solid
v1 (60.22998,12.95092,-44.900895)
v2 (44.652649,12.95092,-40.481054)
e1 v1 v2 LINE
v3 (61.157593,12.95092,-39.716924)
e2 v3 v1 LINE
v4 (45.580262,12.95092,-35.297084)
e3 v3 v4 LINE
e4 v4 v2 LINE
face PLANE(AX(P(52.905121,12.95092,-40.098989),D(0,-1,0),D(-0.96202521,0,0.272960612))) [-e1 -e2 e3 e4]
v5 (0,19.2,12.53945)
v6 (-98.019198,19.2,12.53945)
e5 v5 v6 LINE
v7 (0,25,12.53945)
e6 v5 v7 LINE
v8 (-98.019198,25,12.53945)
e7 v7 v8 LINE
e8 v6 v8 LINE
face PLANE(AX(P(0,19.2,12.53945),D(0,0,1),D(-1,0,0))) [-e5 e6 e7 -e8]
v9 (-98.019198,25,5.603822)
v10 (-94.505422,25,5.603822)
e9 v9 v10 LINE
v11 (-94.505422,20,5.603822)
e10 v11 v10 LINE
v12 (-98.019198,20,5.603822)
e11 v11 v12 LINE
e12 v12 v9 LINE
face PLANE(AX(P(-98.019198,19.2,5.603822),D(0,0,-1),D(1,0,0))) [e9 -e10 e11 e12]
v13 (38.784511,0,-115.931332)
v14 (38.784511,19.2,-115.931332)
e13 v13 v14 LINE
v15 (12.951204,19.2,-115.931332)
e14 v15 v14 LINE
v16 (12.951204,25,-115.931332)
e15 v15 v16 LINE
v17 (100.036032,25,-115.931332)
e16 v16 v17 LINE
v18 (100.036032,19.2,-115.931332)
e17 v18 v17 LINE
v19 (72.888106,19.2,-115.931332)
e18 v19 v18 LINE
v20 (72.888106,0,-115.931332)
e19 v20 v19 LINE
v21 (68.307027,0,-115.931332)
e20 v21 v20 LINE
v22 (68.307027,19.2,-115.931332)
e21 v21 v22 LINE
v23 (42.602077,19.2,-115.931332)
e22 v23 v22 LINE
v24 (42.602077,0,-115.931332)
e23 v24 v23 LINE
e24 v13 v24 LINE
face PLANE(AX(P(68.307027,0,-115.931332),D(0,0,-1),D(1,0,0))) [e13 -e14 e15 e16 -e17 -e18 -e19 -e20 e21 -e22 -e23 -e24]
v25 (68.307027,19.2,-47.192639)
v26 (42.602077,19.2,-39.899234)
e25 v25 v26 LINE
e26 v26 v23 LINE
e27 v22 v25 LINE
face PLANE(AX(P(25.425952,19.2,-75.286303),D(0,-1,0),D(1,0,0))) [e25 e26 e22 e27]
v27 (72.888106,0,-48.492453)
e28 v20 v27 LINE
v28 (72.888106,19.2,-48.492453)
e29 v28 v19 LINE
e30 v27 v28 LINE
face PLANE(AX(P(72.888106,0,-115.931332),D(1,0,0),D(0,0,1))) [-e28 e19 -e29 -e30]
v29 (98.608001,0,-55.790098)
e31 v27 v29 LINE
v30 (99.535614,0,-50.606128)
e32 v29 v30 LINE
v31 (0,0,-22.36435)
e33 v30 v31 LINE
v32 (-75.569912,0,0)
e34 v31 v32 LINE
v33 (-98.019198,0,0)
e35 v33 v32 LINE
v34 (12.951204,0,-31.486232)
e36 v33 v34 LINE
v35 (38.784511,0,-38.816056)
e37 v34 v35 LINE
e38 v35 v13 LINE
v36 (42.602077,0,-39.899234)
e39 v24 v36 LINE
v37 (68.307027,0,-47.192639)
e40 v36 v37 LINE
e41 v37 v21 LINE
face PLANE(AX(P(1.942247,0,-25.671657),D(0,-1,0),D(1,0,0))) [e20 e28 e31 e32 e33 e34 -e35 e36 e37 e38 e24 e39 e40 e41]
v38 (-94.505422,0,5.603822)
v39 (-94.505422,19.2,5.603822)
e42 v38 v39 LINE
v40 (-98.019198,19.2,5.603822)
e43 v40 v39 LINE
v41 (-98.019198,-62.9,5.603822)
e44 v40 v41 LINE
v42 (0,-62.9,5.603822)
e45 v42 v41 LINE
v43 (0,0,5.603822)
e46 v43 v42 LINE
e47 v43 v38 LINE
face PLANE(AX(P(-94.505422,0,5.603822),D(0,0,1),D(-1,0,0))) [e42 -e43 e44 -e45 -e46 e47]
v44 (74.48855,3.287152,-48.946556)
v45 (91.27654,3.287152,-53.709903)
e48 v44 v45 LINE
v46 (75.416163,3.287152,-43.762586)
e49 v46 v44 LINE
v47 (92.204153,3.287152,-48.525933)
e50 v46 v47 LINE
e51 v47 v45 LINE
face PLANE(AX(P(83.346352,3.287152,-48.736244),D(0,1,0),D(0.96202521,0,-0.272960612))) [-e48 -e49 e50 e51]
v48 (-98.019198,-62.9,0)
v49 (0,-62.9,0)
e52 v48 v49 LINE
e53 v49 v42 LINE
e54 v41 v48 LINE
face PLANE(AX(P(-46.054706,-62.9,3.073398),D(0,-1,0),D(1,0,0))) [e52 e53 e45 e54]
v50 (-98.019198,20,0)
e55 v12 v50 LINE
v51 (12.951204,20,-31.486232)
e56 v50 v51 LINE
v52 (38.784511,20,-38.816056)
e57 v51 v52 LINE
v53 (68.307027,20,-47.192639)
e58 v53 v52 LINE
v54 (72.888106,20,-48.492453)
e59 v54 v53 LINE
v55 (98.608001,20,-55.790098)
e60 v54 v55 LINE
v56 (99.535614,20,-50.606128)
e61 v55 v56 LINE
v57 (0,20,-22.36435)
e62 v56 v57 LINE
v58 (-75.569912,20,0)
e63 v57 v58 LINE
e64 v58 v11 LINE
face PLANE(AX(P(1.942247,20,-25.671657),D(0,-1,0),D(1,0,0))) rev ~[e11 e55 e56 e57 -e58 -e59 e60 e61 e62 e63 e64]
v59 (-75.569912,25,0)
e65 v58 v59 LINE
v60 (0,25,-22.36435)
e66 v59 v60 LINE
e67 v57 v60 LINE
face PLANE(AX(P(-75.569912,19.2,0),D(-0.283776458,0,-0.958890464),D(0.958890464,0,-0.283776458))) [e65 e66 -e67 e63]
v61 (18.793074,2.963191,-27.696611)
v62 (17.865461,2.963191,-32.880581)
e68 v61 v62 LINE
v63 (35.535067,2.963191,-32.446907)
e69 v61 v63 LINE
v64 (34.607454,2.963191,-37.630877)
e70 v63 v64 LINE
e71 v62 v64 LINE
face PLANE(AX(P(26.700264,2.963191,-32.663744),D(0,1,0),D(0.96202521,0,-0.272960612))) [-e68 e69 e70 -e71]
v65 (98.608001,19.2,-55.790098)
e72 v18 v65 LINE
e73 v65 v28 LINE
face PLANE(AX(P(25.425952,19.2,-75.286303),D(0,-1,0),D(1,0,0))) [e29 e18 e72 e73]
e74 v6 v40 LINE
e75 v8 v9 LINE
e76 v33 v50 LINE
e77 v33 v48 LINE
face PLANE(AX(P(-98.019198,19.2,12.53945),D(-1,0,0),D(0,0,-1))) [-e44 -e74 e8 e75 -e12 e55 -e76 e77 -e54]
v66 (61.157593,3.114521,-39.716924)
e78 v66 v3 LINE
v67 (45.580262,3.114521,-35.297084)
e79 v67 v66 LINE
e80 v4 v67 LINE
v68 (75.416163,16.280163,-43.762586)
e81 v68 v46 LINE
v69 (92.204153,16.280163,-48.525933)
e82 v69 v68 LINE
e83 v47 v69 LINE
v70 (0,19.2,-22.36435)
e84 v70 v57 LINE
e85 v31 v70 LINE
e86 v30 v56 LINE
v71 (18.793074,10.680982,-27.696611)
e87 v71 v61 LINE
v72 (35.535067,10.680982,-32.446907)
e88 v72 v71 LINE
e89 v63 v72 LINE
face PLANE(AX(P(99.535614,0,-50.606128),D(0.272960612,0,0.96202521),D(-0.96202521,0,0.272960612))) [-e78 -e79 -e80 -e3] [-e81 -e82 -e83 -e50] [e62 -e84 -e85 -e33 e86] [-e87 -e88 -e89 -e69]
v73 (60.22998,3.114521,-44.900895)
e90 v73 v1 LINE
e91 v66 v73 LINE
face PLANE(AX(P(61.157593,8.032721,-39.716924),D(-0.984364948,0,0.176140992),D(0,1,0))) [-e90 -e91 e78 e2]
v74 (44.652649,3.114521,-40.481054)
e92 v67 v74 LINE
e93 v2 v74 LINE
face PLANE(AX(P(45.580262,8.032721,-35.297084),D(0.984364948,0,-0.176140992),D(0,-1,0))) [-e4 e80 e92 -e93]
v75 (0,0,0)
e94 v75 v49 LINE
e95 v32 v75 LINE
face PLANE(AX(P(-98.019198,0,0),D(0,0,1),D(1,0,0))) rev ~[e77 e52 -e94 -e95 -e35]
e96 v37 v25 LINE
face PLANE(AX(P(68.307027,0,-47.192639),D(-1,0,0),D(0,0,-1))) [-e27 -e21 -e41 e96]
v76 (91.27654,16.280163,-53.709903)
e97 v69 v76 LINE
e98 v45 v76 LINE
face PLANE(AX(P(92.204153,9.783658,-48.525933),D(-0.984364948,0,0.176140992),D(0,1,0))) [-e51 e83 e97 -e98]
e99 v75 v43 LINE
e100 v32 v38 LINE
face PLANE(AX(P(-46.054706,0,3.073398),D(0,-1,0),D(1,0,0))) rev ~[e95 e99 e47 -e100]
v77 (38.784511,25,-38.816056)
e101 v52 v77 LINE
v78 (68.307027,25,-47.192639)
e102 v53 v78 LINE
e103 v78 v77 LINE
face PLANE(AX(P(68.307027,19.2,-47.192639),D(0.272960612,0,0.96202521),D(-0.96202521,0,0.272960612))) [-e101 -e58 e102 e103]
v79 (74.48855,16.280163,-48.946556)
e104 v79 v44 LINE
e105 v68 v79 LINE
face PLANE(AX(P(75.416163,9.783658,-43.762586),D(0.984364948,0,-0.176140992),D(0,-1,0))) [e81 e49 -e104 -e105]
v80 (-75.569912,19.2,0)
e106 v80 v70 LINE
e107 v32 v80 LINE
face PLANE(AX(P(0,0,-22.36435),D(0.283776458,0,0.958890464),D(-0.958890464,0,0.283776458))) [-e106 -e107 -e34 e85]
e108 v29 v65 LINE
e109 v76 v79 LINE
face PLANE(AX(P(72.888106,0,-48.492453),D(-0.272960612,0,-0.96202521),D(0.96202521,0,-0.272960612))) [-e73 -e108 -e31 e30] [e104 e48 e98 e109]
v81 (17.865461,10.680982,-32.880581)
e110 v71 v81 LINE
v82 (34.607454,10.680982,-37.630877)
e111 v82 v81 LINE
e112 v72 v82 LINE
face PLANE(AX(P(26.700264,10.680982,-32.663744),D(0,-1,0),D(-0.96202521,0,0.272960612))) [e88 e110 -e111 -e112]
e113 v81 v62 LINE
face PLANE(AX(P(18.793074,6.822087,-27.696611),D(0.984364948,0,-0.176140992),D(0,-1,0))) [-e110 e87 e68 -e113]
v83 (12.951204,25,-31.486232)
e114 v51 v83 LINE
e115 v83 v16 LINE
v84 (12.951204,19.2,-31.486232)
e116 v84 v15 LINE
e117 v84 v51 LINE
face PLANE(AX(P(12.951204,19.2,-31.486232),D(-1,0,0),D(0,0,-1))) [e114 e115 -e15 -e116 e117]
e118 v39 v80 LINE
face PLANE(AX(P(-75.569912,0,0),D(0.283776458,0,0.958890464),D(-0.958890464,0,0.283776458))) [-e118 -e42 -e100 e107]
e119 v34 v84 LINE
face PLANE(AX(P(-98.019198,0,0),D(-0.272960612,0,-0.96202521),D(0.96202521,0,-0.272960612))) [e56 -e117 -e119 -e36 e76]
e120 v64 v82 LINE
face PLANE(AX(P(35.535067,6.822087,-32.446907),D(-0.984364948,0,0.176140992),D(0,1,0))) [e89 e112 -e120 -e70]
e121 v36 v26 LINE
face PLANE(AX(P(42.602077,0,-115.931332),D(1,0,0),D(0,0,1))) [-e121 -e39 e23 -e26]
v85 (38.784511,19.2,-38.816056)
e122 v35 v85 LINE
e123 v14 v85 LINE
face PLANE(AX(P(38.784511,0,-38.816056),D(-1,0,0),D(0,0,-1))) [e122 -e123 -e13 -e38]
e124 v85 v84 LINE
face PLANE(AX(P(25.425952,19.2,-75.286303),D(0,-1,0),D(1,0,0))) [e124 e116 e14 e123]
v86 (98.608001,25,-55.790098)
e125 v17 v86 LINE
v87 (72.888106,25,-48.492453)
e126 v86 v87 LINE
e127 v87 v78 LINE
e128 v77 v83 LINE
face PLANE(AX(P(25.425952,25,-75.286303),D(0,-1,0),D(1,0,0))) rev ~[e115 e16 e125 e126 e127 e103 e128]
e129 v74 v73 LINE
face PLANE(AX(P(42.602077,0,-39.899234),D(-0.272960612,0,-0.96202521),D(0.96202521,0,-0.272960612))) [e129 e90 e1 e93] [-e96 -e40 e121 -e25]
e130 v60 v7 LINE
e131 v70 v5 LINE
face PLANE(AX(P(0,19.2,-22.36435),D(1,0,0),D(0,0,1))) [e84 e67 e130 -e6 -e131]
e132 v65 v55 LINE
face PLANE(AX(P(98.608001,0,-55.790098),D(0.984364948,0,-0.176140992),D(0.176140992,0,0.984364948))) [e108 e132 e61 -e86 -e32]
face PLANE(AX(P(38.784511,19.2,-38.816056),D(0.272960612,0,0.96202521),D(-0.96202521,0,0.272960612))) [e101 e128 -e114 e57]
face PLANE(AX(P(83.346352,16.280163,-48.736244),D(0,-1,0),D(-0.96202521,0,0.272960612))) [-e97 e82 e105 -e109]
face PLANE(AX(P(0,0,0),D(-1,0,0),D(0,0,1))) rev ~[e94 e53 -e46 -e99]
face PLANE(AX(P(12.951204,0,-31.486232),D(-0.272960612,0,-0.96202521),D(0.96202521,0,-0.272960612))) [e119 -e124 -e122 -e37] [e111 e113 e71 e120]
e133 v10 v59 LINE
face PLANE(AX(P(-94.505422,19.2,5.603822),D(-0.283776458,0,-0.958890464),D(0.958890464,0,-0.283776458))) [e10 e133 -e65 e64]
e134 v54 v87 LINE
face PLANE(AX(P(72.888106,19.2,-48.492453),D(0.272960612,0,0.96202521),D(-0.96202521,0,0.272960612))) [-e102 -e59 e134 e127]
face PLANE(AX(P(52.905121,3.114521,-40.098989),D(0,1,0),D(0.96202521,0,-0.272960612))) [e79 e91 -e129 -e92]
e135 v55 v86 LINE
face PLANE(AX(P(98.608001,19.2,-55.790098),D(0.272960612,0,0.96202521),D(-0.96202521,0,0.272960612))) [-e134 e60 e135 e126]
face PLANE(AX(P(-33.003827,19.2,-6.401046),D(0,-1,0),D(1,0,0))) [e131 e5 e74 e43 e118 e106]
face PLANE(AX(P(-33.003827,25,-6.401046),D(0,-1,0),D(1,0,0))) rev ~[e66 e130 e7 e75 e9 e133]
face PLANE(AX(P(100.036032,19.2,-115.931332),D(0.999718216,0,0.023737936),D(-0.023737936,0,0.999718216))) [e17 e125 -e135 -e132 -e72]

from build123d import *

# Parameters (mm, degrees)
F1_DEPTH = 62.9
F2_DEPTH = 20
F3_START = -19.2
F3_DEPTH = 5.8
F4_W     = 17.40286313
F4_H     = 7.7177907806
F4_W_2   = 16.192227602
F4_H_2   = 9.8363999277
F4_W_3   = 17.4506753683
F4_H_3   = 12.9930109251


with BuildPart() as f1:
    # F0 (on Front) → F1 (new body)
    with BuildSketch(Plane.XZ):
        Polygon((-75.5699121067, 0), (0, 0), (0, 5.6038224138), (-94.5054218173, 5.6038224138), align=None)
        Polygon((-98.0191975832, 0), (-75.5699121067, 0), (-94.5054218173, 5.6038224138), (-98.0191975832, 5.6038224138), align=None)
    extrude(amount=F1_DEPTH)

    # F0 (on Front) → F2 (join)
    with BuildSketch(Plane.XZ):
        Polygon((0, -22.3643500358), (-75.5699121067, 0), (-98.0191975832, 0), (12.9512035679, -31.4862316811), (38.7845113873, -38.8160557302), (42.6020771265, -39.8992342902), (68.3070272207, -47.1926387081), (72.8881061077, -48.4924529801), (98.6080013494, -55.7900978655), (99.5356142521, -50.6061278284), align=None)
        Polygon((-98.0191975832, 0), (-75.5699121067, 0), (-94.5054218173, 5.6038224138), (-98.0191975832, 5.6038224138), align=None)
        Polygon((72.8881061077, -115.9313321114), (72.8881061077, -48.4924529801), (68.3070272207, -47.1926387081), (68.3070272207, -115.9313321114), align=None)
        Polygon((42.6020771265, -39.8992342902), (38.7845113873, -38.8160557302), (38.7845113873, -115.9313321114), (42.6020771265, -115.9313321114), align=None)
    extrude(amount=-F2_DEPTH)

    # F0 (on Front) → F3 (join)
    with BuildSketch(Plane.XZ.offset(F3_START)):
        Polygon((0, -22.3643500358), (0, 0), (-75.5699121067, 0), align=None)
        Polygon((-75.5699121067, 0), (0, 0), (0, 5.6038224138), (-94.5054218173, 5.6038224138), align=None)
        Polygon((-94.5054218173, 5.6038224138), (0, 5.6038224138), (0, 12.5394500792), (-98.0191975832, 12.5394500792), (-98.0191975832, 5.6038224138), align=None)
        Polygon((38.7845113873, -38.8160557302), (12.9512035679, -31.4862316811), (12.9512035679, -115.9313321114), (38.7845113873, -115.9313321114), align=None)
        Polygon((68.3070272207, -47.1926387081), (42.6020771265, -39.8992342902), (42.6020771265, -115.9313321114), (68.3070272207, -115.9313321114), align=None)
        Polygon((100.0360324979, -115.9313321114), (98.6080013494, -55.7900978655), (72.8881061077, -48.4924529801), (72.8881061077, -115.9313321114), align=None)
        Polygon((42.6020771265, -39.8992342902), (38.7845113873, -38.8160557302), (38.7845113873, -115.9313321114), (42.6020771265, -115.9313321114), align=None)
        Polygon((72.8881061077, -115.9313321114), (72.8881061077, -48.4924529801), (68.3070272207, -47.1926387081), (68.3070272207, -115.9313321114), align=None)
    extrude(amount=-F3_DEPTH)

    # F5: sweep along a path in F0
    with BuildLine(Plane.XZ) as f5_path:
        Line((99.5356142521, -50.6061278284), (98.6080013494, -55.7900978655))
    # F4 (on face) → F5 (sweep, cut)
    with BuildSketch(Plane(origin=(-5.872766279, 0, -20.6980383189), x_dir=(0.9620252097, 0, -0.2729606122), z_dir=(0.2729606122, 0, 0.9620252097))):
        with Locations((34.340926446, 6.8220865214)):
            Rectangle(F4_W, F4_H)
        with Locations((61.5801885724, 8.032720536)):
            Rectangle(F4_W_2, F4_H_2)
        with Locations((93.2230502367, 9.7836576169)):
            Rectangle(F4_W_3, F4_H_3)
    sweep(path=f5_path.line, mode=Mode.SUBTRACT)


solid = f1.part
